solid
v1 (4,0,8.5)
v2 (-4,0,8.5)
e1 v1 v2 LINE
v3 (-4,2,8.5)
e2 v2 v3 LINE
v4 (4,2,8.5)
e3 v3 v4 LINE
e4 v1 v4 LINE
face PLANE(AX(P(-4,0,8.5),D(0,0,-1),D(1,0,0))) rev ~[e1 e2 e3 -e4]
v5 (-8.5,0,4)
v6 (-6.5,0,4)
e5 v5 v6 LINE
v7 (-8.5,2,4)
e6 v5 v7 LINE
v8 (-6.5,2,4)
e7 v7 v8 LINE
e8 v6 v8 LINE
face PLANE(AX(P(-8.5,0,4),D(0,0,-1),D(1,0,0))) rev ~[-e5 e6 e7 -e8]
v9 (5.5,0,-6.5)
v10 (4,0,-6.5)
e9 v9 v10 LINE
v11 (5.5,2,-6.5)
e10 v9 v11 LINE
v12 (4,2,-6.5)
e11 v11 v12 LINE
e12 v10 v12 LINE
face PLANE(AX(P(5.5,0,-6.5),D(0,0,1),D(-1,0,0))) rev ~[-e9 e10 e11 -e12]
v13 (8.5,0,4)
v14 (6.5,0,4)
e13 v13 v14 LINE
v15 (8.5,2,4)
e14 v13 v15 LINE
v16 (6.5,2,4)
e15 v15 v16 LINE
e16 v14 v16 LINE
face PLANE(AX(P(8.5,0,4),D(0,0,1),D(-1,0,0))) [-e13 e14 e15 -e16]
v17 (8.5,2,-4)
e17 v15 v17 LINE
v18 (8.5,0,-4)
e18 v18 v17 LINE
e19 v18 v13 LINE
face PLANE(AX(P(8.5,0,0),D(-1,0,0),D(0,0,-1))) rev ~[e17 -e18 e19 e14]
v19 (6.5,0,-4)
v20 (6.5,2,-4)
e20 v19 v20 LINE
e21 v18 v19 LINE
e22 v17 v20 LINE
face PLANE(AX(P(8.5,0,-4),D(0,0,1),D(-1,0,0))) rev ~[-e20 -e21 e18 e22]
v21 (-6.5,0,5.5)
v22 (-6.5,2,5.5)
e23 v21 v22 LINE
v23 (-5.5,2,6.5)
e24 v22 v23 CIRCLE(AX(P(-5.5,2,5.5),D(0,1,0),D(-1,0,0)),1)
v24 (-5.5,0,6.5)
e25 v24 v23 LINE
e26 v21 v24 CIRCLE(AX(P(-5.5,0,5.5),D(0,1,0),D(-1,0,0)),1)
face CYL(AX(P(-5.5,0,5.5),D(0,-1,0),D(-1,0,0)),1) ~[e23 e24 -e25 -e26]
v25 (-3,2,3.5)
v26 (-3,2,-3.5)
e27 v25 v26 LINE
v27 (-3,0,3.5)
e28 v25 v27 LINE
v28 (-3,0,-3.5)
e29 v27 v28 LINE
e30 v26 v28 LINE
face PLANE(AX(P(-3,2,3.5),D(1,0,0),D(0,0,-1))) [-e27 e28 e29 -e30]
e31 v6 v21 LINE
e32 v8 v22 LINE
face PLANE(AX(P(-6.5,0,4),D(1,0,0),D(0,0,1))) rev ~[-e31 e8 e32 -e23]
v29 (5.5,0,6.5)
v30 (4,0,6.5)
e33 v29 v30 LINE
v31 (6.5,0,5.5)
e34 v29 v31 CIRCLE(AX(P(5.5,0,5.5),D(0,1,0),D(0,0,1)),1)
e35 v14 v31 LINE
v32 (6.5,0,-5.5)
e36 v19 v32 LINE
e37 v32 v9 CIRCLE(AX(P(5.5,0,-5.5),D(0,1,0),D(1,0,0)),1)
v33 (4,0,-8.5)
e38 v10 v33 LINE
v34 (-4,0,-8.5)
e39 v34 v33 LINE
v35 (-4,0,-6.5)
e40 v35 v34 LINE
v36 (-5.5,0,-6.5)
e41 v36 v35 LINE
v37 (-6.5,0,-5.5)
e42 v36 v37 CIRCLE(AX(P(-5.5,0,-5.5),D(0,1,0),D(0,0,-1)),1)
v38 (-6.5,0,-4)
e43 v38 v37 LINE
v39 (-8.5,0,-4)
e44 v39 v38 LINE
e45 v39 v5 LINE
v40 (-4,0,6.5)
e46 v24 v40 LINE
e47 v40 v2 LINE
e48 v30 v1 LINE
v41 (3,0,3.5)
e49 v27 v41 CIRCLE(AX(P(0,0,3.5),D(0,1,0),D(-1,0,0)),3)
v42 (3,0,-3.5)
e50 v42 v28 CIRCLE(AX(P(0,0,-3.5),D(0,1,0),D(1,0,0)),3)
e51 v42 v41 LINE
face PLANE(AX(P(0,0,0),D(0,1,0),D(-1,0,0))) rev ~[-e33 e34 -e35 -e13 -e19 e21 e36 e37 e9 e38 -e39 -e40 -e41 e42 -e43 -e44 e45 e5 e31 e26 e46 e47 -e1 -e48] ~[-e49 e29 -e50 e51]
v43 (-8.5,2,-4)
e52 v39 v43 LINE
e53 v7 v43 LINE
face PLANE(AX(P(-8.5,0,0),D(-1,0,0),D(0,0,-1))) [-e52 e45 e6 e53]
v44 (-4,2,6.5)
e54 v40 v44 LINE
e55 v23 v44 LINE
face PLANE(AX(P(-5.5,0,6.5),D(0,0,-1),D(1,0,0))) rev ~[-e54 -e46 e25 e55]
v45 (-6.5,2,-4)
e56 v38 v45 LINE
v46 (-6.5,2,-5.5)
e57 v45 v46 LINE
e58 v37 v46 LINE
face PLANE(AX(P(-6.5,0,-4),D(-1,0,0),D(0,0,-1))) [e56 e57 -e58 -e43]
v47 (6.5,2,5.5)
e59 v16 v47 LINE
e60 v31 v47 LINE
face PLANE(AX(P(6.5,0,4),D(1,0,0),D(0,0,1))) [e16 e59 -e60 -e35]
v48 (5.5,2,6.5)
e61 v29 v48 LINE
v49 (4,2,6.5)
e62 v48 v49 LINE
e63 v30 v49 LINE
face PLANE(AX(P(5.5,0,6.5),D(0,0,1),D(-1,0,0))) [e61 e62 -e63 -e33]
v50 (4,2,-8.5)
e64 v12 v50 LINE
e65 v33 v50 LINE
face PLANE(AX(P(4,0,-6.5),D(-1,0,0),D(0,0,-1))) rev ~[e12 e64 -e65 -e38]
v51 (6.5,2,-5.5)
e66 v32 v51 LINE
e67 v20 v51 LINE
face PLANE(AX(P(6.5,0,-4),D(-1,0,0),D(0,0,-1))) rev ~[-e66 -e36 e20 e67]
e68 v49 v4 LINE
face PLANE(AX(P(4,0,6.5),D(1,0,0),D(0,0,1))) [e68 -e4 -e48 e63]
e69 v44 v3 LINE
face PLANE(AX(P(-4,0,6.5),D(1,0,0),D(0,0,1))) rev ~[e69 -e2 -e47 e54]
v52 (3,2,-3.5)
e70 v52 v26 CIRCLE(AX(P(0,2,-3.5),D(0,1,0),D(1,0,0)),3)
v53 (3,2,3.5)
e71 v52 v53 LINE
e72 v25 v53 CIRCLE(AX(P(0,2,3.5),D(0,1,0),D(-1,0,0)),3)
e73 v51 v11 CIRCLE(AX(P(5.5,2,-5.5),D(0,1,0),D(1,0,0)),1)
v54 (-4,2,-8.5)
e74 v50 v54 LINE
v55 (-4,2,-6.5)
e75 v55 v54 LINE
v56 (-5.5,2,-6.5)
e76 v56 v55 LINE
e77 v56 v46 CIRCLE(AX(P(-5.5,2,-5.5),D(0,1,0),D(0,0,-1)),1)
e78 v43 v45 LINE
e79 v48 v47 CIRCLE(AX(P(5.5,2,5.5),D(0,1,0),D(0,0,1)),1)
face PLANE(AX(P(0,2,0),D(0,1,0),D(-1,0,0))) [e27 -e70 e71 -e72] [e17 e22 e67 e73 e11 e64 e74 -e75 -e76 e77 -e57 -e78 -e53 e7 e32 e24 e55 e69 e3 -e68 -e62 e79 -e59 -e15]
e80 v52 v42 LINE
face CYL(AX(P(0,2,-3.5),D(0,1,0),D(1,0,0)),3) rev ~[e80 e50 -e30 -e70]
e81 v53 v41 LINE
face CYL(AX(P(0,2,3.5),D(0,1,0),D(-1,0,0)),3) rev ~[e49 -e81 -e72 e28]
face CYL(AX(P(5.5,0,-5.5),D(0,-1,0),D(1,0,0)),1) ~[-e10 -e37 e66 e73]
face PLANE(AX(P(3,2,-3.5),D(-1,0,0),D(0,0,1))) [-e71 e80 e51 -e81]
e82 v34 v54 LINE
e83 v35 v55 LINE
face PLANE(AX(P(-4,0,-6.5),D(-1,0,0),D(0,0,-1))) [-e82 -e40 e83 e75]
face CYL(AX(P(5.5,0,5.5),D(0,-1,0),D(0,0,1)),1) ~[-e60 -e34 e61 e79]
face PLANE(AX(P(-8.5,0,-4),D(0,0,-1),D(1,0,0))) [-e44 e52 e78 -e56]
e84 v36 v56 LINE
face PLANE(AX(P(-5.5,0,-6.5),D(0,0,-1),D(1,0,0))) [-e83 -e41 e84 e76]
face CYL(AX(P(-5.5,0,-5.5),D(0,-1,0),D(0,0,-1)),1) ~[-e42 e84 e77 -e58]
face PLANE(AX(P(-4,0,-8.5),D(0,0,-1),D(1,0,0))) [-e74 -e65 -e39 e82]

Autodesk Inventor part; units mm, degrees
ref_plane "YZ Plane" through (0, 0, 0) normal (1, 0, 0) x (0, 1, 0)
ref_plane "XZ Plane" through (0, 0, 0) normal (0, 1, 0) x (-1, 0, 0)
ref_plane "XY Plane" through (0, 0, 0) normal (0, 0, 1) x (1, 0, 0)
sketch "Sketch1" plane through (0, 0, 0) normal (0, 1, 0) x (-1, 0, 0)
  line L0 (7.2821, 0) -> (0, 0) construction
  line L1 (0, 0) -> (0, -6.7578) construction
  line L2 (8.5, 0) -> (8.5, -4)
  line L3 (8.5, -4) -> (6.5, -4)
  line L4 (4, -6.5) -> (4, -8.5)
  line L5 (4, -8.5) -> (0, -8.5)
  line L6 (6.5, -4) -> (6.5, -5.5)
  line L7 (5.5, -6.5) -> (4, -6.5)
  arc A0 (5.5, -6.5) -> (6.5, -5.5) centre (5.5, -5.5) ccw
  line L8 (-8.5, 0) -> (-8.5, -4)
  line L9 (-8.5, -4) -> (-6.5, -4)
  line L10 (-4, -6.5) -> (-4, -8.5)
  line L11 (-4, -8.5) -> (0, -8.5)
  line L12 (-6.5, -4) -> (-6.5, -5.5)
  line L13 (-5.5, -6.5) -> (-4, -6.5)
  arc A1 (-6.5, -5.5) -> (-5.5, -6.5) centre (-5.5, -5.5) ccw
  line L14 (0, 0) -> (0, 6.7578) construction
  line L15 (8.5, 0) -> (8.5, 4)
  line L16 (8.5, 4) -> (6.5, 4)
  line L17 (4, 6.5) -> (4, 8.5)
  line L18 (4, 8.5) -> (0, 8.5)
  line L19 (6.5, 4) -> (6.5, 5.5)
  line L20 (5.5, 6.5) -> (4, 6.5)
  arc A2 (6.5, 5.5) -> (5.5, 6.5) centre (5.5, 5.5) ccw
  line L21 (-8.5, 4) -> (-6.5, 4)
  line L22 (-4, 6.5) -> (-4, 8.5)
  line L23 (-6.5, 4) -> (-6.5, 5.5)
  line L24 (-5.5, 6.5) -> (-4, 6.5)
  arc A3 (-5.5, 6.5) -> (-6.5, 5.5) centre (-5.5, 5.5) ccw
  line L25 (-4, 8.5) -> (0, 8.5)
  line L26 (-8.5, 0) -> (-8.5, 4)
  point P0 (2, -8.5)
  point P1 (-2, -8.5)
  point P2 (2, 8.5)
  point P3 (-2, 8.5)
  dimension "d0" = 4
  dimension "d1" = 4
  dimension "d2" = 8.5
  dimension "d3" = 8.5
  dimension "d4" = 2
  dimension "d5" = 2
  dimension "d6" = 1
extrude "Extrusion1" add sketch "Sketch1" along normal blind 2
sketch "Sketch2" plane through (0, 2, 0) normal (0, 1, 0) x (1, 0, 0)
  line L0 (0, -3.5) -> (0, 3.5) construction
  line L1 (-3, -3.5) -> (-3, 3.5)
  line L2 (3, 3.5) -> (3, -3.5)
  arc A0 (-3, -3.5) -> (3, -3.5) centre (0, -3.5) ccw
  arc A1 (3, 3.5) -> (-3, 3.5) centre (0, 3.5) ccw
  line L3 (4, 8.5) -> (-4, 8.5) projected
  point P0 (0, 0)
  point P1 (0, 0)
  dimension "d9" = 6
  dimension "d10" = 5
extrude "Extrusion2" cut sketch "Sketch2" against normal through all
equation "\"d1\" = d0"
equation "\"d3\" = d2"
properties part number "reference_magnet_lid"
